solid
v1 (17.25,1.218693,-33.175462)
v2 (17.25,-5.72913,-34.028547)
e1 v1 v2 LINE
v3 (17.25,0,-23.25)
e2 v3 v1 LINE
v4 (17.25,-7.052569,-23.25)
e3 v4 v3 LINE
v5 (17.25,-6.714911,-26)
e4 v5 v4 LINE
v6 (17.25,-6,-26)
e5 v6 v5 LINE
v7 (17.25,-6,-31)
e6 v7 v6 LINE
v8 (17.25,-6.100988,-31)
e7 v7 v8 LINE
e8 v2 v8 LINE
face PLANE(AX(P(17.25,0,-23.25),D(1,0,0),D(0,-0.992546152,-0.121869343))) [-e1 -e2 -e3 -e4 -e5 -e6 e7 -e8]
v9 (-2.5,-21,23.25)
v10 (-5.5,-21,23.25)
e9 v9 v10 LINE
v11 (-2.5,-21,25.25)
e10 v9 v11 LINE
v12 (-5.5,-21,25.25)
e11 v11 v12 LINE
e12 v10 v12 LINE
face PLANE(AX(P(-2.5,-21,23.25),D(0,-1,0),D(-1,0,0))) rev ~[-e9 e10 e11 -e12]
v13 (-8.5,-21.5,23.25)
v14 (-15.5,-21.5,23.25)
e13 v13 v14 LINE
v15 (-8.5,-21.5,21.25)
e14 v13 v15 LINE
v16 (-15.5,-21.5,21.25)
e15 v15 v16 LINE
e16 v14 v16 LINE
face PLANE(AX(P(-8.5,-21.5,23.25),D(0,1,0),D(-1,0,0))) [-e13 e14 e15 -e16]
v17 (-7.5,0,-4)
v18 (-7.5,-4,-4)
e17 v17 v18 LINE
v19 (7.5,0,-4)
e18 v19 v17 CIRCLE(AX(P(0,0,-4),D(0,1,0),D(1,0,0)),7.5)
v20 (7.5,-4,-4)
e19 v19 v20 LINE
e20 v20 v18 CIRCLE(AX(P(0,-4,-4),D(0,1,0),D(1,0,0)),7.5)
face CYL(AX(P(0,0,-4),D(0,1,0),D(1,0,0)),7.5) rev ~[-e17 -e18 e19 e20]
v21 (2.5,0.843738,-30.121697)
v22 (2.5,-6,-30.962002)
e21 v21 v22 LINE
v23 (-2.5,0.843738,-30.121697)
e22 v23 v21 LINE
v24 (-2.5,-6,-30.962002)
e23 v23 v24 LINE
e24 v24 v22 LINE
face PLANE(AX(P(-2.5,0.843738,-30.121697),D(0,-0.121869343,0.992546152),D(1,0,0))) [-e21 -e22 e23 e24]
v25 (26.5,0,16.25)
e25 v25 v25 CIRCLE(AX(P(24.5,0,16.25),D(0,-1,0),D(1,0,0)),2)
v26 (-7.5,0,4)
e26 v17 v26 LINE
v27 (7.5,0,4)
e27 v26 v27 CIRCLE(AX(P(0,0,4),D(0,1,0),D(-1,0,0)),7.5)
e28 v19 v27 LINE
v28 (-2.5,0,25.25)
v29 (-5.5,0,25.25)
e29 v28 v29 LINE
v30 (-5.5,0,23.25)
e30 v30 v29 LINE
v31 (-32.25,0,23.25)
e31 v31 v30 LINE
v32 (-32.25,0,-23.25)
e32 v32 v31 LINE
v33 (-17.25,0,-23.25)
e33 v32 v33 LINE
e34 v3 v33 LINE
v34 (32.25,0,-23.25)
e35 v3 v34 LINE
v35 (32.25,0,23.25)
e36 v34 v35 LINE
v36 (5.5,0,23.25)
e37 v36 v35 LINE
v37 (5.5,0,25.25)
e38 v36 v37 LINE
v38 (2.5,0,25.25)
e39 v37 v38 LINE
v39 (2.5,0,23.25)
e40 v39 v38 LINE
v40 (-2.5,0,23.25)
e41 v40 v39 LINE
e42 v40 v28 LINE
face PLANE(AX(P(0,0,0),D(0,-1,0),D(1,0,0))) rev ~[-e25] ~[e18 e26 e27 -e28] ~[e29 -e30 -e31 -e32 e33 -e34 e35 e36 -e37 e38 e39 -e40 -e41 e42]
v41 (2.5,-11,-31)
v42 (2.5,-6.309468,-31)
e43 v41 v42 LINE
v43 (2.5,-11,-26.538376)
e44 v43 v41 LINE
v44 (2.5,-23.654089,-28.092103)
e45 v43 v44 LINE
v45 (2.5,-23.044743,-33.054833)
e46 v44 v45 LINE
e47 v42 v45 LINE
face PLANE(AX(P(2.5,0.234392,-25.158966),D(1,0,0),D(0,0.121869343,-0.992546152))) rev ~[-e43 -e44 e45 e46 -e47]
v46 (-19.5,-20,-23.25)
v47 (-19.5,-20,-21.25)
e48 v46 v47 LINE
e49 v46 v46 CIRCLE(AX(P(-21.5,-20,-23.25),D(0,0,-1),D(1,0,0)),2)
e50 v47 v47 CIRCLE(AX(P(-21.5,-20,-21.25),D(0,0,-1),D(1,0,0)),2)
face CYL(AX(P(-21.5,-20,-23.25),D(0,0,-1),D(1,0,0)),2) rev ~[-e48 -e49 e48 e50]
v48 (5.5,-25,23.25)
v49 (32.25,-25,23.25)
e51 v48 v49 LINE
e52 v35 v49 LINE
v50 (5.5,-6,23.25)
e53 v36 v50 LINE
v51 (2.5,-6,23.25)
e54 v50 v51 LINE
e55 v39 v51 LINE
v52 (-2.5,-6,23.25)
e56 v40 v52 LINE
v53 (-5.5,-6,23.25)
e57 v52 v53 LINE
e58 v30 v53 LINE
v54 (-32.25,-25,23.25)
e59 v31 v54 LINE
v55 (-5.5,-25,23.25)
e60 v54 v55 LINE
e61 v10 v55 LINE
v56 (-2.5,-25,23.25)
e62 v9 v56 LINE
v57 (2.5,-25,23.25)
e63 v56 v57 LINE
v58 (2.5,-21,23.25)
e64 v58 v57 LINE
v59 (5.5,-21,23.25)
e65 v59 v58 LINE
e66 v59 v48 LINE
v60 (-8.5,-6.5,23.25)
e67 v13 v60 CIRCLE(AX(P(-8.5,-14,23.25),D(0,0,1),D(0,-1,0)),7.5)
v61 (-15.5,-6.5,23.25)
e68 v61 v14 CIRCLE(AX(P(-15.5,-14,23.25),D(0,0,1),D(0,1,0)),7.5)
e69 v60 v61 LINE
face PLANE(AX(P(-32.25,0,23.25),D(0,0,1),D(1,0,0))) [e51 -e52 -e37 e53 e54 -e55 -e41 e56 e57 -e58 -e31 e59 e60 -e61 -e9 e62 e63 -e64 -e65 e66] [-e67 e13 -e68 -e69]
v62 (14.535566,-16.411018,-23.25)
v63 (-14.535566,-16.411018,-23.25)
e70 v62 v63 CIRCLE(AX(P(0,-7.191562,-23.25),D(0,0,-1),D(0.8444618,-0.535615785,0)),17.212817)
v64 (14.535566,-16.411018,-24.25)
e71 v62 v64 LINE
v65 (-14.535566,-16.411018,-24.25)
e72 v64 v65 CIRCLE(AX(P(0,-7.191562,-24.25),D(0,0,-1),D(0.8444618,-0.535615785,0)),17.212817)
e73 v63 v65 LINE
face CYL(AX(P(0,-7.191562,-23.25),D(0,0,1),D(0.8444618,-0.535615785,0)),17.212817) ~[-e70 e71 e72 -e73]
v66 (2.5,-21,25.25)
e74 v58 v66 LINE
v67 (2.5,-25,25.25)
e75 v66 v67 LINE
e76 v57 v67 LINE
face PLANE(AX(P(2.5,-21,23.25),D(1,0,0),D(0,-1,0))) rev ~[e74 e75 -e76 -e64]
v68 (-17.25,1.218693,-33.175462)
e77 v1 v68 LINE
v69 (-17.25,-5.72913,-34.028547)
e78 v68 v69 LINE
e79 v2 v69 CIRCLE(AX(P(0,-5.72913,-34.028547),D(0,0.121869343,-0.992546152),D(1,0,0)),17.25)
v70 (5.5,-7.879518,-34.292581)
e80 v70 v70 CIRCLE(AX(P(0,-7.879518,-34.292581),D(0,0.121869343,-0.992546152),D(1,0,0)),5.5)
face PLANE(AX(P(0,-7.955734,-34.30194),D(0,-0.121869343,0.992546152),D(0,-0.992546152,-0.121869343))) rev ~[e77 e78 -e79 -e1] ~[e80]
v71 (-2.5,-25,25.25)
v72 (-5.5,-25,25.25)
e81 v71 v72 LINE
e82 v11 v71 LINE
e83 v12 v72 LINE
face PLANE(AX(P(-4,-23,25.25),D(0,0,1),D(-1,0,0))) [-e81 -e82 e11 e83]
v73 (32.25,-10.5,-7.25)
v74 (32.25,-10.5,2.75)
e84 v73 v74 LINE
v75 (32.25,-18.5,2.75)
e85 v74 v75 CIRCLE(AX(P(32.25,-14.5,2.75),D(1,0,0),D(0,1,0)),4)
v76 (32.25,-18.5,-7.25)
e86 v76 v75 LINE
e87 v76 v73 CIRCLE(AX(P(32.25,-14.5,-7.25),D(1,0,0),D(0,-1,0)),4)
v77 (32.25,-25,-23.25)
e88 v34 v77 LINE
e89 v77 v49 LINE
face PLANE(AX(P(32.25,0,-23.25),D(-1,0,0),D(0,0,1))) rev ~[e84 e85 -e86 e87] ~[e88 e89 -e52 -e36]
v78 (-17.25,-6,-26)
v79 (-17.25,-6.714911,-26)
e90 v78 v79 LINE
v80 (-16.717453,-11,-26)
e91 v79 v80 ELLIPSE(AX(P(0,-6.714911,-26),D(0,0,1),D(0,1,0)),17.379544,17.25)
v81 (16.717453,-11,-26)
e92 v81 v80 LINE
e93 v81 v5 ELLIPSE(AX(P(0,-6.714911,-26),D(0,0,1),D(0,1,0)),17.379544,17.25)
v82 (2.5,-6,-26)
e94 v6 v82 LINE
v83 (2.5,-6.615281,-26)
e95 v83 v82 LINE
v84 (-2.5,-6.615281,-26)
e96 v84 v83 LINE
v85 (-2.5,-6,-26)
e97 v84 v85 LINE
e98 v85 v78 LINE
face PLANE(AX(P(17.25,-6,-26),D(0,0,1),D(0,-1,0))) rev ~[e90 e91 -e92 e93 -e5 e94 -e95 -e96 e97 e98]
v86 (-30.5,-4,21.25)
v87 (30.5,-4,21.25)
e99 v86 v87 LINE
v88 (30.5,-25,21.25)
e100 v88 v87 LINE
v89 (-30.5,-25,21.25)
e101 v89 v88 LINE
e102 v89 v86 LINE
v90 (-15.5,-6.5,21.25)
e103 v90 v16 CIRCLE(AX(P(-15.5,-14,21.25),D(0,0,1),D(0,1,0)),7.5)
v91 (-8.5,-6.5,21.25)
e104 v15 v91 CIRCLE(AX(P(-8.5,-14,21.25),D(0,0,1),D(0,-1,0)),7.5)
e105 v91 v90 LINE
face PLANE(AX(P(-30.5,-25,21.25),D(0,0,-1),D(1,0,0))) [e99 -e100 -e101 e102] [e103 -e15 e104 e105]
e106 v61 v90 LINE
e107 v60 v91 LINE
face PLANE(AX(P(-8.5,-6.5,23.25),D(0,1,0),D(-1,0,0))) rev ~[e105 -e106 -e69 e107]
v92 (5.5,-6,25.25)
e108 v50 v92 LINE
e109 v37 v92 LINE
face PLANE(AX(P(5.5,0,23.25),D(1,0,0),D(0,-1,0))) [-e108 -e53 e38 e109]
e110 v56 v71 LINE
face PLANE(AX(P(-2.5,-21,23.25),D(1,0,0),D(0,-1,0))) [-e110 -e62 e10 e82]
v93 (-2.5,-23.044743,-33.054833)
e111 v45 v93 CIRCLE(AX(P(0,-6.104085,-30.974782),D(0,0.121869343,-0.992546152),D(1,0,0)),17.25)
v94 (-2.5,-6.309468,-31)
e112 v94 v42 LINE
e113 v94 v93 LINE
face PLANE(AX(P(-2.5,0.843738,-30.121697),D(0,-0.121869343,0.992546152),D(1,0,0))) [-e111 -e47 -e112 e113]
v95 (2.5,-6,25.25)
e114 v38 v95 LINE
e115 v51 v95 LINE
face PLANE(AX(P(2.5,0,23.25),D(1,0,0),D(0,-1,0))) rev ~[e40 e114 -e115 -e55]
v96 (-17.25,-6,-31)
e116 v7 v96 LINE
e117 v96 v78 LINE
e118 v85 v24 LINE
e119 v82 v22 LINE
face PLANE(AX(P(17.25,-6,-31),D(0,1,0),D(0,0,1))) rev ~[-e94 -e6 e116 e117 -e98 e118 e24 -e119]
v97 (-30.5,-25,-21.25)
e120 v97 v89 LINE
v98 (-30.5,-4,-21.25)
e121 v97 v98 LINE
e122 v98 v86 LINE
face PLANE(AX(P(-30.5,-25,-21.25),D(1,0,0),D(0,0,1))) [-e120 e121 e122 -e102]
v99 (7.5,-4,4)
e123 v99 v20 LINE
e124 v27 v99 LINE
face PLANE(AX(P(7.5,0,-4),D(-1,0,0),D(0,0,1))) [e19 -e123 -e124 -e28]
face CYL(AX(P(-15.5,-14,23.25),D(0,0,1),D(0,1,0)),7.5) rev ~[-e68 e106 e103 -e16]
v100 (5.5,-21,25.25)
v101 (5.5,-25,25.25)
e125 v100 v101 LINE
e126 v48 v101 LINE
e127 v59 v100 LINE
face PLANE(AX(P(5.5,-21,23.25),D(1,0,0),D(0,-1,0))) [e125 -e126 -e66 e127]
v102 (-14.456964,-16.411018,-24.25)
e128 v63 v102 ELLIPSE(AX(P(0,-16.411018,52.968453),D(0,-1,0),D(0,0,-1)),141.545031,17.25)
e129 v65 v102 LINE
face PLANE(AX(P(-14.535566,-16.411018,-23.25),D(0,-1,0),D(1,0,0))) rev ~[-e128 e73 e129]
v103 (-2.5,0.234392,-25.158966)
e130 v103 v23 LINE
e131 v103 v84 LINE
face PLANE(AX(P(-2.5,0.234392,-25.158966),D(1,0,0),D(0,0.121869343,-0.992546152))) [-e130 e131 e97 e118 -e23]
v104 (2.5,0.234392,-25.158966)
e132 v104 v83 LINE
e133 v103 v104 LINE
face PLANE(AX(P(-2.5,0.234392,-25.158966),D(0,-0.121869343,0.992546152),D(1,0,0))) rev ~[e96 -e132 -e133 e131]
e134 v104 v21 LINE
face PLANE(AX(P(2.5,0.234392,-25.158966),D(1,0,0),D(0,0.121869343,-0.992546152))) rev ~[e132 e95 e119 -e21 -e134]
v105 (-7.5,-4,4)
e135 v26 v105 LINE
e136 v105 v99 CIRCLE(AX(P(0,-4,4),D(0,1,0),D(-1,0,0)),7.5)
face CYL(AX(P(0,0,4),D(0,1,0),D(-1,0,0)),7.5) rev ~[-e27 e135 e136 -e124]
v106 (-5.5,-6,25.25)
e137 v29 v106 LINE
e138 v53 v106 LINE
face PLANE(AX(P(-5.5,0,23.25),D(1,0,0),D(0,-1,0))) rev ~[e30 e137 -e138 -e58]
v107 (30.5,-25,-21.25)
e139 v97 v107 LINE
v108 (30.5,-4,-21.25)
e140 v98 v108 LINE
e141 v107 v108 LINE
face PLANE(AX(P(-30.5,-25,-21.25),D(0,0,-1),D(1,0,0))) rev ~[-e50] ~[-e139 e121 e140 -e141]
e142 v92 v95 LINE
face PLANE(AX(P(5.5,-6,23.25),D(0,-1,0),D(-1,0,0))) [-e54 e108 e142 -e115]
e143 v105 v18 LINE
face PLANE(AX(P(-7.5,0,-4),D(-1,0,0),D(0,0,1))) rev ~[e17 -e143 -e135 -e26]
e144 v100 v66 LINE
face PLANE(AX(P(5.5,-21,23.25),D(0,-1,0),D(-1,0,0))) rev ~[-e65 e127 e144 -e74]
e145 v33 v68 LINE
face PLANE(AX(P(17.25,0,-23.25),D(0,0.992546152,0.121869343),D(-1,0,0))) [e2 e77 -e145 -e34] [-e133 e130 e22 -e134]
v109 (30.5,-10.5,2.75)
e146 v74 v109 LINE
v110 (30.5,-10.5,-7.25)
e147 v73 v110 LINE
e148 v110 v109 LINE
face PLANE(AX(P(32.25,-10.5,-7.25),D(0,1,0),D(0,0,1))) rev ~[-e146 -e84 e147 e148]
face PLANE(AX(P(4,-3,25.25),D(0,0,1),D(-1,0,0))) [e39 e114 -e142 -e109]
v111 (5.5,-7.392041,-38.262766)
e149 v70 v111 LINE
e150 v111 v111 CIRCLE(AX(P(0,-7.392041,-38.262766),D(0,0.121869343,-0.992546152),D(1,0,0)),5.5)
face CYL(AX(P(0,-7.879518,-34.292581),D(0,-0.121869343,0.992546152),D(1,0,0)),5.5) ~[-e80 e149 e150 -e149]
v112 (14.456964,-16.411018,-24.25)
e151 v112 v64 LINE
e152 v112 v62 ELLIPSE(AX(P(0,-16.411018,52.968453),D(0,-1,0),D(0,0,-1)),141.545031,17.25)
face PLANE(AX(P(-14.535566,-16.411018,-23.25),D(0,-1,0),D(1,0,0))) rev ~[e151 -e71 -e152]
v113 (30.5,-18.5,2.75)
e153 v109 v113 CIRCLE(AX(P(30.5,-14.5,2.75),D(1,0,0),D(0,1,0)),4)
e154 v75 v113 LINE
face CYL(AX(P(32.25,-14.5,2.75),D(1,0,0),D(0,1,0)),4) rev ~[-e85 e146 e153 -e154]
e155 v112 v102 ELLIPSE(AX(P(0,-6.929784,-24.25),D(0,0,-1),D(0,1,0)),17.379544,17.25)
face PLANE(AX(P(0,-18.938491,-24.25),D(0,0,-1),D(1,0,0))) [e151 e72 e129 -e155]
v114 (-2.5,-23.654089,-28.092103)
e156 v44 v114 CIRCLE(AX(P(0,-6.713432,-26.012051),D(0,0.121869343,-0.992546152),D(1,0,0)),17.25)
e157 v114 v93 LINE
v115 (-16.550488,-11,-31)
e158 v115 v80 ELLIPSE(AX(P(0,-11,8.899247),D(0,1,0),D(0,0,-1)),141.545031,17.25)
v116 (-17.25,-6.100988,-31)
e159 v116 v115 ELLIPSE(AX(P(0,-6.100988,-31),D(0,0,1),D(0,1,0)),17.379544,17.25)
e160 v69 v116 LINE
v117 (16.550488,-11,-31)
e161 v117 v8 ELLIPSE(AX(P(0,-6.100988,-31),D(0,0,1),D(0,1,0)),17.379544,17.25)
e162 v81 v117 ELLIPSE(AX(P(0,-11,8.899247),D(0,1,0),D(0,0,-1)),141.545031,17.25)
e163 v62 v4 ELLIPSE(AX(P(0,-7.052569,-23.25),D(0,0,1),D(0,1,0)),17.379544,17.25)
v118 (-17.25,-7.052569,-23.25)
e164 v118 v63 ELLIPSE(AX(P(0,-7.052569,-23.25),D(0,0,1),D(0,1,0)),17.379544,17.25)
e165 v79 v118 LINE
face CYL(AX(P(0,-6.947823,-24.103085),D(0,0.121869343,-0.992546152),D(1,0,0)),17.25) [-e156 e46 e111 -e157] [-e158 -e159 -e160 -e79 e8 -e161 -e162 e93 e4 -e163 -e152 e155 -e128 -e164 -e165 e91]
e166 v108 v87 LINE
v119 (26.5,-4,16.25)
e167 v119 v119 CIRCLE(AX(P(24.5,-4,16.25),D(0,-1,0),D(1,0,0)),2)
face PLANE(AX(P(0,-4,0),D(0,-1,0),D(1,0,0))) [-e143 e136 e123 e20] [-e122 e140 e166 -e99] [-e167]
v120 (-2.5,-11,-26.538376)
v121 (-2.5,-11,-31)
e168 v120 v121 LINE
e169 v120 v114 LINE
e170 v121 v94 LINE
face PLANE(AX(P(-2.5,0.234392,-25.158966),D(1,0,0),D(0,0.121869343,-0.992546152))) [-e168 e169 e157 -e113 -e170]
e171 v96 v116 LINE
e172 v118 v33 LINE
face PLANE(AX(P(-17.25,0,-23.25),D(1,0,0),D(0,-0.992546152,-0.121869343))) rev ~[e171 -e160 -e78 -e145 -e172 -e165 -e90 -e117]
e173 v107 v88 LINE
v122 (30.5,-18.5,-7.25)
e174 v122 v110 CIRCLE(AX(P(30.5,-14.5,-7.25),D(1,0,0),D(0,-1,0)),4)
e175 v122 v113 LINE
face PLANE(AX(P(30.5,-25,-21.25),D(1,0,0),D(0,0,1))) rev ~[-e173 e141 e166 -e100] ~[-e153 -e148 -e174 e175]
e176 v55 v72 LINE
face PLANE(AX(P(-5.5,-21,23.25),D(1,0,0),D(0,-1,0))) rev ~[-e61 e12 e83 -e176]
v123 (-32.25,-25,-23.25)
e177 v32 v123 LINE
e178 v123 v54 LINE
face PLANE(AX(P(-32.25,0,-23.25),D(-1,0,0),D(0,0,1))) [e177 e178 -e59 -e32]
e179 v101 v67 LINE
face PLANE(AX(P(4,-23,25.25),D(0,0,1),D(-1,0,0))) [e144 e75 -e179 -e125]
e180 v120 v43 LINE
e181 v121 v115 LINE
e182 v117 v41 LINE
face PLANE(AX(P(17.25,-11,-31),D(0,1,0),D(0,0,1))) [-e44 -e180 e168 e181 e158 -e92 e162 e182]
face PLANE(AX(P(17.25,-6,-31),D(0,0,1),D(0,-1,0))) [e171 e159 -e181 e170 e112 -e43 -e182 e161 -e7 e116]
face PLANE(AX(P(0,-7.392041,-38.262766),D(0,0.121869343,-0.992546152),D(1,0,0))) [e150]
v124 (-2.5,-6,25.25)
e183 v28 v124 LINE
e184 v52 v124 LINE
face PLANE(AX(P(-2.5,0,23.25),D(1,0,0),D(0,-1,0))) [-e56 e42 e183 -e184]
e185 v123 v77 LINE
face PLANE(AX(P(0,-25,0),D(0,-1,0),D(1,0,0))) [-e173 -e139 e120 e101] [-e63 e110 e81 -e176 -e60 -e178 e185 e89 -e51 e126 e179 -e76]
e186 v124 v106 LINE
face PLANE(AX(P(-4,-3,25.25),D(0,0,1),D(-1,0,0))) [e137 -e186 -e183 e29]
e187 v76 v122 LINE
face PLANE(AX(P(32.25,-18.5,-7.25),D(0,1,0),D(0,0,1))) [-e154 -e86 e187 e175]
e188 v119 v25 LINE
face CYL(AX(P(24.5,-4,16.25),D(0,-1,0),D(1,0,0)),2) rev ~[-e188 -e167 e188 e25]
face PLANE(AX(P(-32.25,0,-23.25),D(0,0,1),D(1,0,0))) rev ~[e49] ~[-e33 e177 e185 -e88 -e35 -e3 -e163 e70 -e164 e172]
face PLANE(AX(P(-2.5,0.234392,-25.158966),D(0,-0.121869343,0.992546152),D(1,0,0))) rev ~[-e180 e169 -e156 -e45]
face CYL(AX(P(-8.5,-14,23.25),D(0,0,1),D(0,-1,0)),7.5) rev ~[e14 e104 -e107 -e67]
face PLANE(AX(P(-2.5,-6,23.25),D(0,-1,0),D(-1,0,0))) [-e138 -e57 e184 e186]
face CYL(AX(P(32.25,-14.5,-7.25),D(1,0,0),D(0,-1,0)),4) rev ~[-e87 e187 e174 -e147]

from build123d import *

# Parameters (mm, degrees)
SKETCH_W          = 64.5
SKETCH_H          = 46.5
PAD_DEPTH         = 25
SKETCH001_W       = 61
SKETCH001_H       = 42.5
POCKET_DEPTH      = 21
SKETCH002_R       = 2
POCKET001_DEPTH   = 4
POCKET002_DEPTH   = 2
POCKET003_DEPTH   = 2
SKETCH005_R       = 2
POCKET004_DEPTH   = 2
PAD001_DEPTH      = 10
PAD001_DEPTH_BACK = 2
PAD002_DEPTH      = 1
SKETCH008_R       = 5.5
PAD003_DEPTH      = 4
SKETCH009_W       = 5
SKETCH009_H       = 5
POCKET005_DEPTH   = 49.501
SKETCH010_W       = 5
SKETCH010_H       = 5
POCKET006_DEPTH   = 26.7259364864
SKETCH011_W       = 3
SKETCH011_H       = 6
SKETCH011_H_2     = 4
PAD004_DEPTH      = 2
POCKET007_DEPTH   = 5


with BuildPart() as part:
    # Sketch → Pad (new body)
    with BuildSketch(Plane.XZ):
        Rectangle(SKETCH_W, SKETCH_H)
    extrude(amount=PAD_DEPTH)

    # Sketch001 (on Face6 of Pad) → Pocket (cut)
    with BuildSketch(Plane.XZ.offset(25)):
        Rectangle(SKETCH001_W, SKETCH001_H)
    extrude(amount=-POCKET_DEPTH, mode=Mode.SUBTRACT)

    # Sketch002 (on Face11 of Pocket) → Pocket001 (cut)
    with BuildSketch(Plane.XZ.offset(4)):
        with Locations((24.5, 16.25)):
            Circle(SKETCH002_R)
    extrude(amount=-POCKET001_DEPTH, mode=Mode.SUBTRACT)

    # Sketch003 (on Face3 of Pocket001) → Pocket002 (cut)
    with BuildSketch(Plane(origin=(32.25, 0, 0), x_dir=(0, 0, 1), z_dir=(1, 0, 0))):
        with BuildLine():
            ThreePointArc((-7.25, 18.5), (-11.25, 14.5), (-7.25, 10.5))
            Line((-7.25, 10.5), (2.75, 10.5))
            ThreePointArc((2.75, 10.5), (6.75, 14.5), (2.75, 18.5))
            Line((-7.25, 18.5), (2.75, 18.5))
        make_face()
    extrude(amount=-POCKET002_DEPTH, mode=Mode.SUBTRACT)

    # Sketch004 (on Face1 of Pocket002) → Pocket003 (cut)
    with BuildSketch(Plane(origin=(0, 0, 23.25), x_dir=(-1, 0, 0), z_dir=(0, 0, 1))):
        with BuildLine():
            ThreePointArc((8.5, 21.5), (1, 14), (8.5, 6.5))
            Line((8.5, 6.5), (15.5, 6.5))
            ThreePointArc((15.5, 6.5), (23, 14), (15.5, 21.5))
            Line((8.5, 21.5), (15.5, 21.5))
        make_face()
    extrude(amount=-POCKET003_DEPTH, mode=Mode.SUBTRACT)

    # Sketch005 (on Face10 of Pocket003) → Pocket004 (cut)
    with BuildSketch(Plane(origin=(0, 0, -23.25), x_dir=(1, 0, 0), z_dir=(0, 0, -1))):
        with Locations((-21.5, 20)):
            Circle(SKETCH005_R)
    extrude(amount=-POCKET004_DEPTH, mode=Mode.SUBTRACT)

    # Sketch006 (on DatumPlane) → Pad001 (join, two sides)
    with BuildSketch(Plane(origin=(32.25, 0, -23.25), x_dir=(0, 0.9925461516, 0.1218693434), z_dir=(0, 0.1218693434, -0.9925461516))) as pad001_sk:
        with BuildLine():
            Line((0, -15), (0, -49.5))
            Line((0, -49.5), (-7, -49.5))
            ThreePointArc((-7, -15), (-24.25, -32.25), (-7, -49.5))
            Line((0, -15), (-7, -15))
        make_face()
    extrude(amount=PAD001_DEPTH)
    extrude(pad001_sk.sketch, amount=-PAD001_DEPTH_BACK)

    # Sketch007 (on Face10 of Pad001) → Pad002 (join)
    with BuildSketch(Plane(origin=(0, 0, -23.25), x_dir=(1, 0, 0), z_dir=(0, 0, -1))):
        with BuildLine():
            ThreePointArc((14.5355662094, 16.4110180962), (0, 24.4043784957), (-14.5355662094, 16.4110180962))
            Line((-14.5355662094, 16.4110180962), (14.5355662094, 16.4110180962))
        make_face()
    extrude(amount=PAD002_DEPTH)

    # Sketch008 (on Face26 of Pad002) → Pad003 (join)
    with BuildSketch(Plane(origin=(0, 4.0310354704, -32.8301493344), x_dir=(1, 0, 0), z_dir=(0, 0.1218693434, -0.9925461516))):
        with Locations((0, 12)):
            Circle(SKETCH008_R)
    extrude(amount=PAD003_DEPTH)

    # Sketch009 (on Face21 of Pad003) → Pocket005 (cut, through all)
    with BuildSketch(Plane(origin=(17.25, 0, 0), x_dir=(0, 0, 1), z_dir=(1, 0, 0))):
        with Locations((-28.5, 8.5)):
            Rectangle(SKETCH009_W, SKETCH009_H)
    extrude(amount=-POCKET005_DEPTH, mode=Mode.SUBTRACT)

    # Sketch010 (on Face11 of Pocket005) → Pocket006 (cut, through all)
    with BuildSketch(Plane(origin=(0, -2.8123420363, -0.345312182), x_dir=(1, 0, 0), z_dir=(0, 0.9925461516, 0.1218693434))):
        with Locations((0, 27.5)):
            Rectangle(SKETCH010_W, SKETCH010_H)
    extrude(amount=-POCKET006_DEPTH, mode=Mode.SUBTRACT)

    # Sketch011 (on Face1 of Pocket006) → Pad004 (join)
    with BuildSketch(Plane(origin=(0, 0, 23.25), x_dir=(-1, 0, 0), z_dir=(0, 0, 1))):
        with Locations((-4, 3)):
            Rectangle(SKETCH011_W, SKETCH011_H)
        with Locations((4, 3)):
            Rectangle(SKETCH011_W, SKETCH011_H)
        with Locations((-4, 23)):
            Rectangle(SKETCH011_W, SKETCH011_H_2)
        with Locations((4, 23)):
            Rectangle(SKETCH011_W, SKETCH011_H_2)
    extrude(amount=PAD004_DEPTH)

    # Sketch012 (on Face2 of Pad004) → Pocket007 (cut)
    with BuildSketch(Plane(origin=(0, 0, 0), x_dir=(1, 0, 0), z_dir=(0, 1, 0))):
        with BuildLine():
            ThreePointArc((7.5, 4), (0, 11.5), (-7.5, 4))
            Line((-7.5, 4), (-7.5, -4))
            ThreePointArc((-7.5, -4), (0, -11.5), (7.5, -4))
            Line((7.5, 4), (7.5, -4))
        make_face()
    extrude(amount=-POCKET007_DEPTH, mode=Mode.SUBTRACT)


solid = part.part
